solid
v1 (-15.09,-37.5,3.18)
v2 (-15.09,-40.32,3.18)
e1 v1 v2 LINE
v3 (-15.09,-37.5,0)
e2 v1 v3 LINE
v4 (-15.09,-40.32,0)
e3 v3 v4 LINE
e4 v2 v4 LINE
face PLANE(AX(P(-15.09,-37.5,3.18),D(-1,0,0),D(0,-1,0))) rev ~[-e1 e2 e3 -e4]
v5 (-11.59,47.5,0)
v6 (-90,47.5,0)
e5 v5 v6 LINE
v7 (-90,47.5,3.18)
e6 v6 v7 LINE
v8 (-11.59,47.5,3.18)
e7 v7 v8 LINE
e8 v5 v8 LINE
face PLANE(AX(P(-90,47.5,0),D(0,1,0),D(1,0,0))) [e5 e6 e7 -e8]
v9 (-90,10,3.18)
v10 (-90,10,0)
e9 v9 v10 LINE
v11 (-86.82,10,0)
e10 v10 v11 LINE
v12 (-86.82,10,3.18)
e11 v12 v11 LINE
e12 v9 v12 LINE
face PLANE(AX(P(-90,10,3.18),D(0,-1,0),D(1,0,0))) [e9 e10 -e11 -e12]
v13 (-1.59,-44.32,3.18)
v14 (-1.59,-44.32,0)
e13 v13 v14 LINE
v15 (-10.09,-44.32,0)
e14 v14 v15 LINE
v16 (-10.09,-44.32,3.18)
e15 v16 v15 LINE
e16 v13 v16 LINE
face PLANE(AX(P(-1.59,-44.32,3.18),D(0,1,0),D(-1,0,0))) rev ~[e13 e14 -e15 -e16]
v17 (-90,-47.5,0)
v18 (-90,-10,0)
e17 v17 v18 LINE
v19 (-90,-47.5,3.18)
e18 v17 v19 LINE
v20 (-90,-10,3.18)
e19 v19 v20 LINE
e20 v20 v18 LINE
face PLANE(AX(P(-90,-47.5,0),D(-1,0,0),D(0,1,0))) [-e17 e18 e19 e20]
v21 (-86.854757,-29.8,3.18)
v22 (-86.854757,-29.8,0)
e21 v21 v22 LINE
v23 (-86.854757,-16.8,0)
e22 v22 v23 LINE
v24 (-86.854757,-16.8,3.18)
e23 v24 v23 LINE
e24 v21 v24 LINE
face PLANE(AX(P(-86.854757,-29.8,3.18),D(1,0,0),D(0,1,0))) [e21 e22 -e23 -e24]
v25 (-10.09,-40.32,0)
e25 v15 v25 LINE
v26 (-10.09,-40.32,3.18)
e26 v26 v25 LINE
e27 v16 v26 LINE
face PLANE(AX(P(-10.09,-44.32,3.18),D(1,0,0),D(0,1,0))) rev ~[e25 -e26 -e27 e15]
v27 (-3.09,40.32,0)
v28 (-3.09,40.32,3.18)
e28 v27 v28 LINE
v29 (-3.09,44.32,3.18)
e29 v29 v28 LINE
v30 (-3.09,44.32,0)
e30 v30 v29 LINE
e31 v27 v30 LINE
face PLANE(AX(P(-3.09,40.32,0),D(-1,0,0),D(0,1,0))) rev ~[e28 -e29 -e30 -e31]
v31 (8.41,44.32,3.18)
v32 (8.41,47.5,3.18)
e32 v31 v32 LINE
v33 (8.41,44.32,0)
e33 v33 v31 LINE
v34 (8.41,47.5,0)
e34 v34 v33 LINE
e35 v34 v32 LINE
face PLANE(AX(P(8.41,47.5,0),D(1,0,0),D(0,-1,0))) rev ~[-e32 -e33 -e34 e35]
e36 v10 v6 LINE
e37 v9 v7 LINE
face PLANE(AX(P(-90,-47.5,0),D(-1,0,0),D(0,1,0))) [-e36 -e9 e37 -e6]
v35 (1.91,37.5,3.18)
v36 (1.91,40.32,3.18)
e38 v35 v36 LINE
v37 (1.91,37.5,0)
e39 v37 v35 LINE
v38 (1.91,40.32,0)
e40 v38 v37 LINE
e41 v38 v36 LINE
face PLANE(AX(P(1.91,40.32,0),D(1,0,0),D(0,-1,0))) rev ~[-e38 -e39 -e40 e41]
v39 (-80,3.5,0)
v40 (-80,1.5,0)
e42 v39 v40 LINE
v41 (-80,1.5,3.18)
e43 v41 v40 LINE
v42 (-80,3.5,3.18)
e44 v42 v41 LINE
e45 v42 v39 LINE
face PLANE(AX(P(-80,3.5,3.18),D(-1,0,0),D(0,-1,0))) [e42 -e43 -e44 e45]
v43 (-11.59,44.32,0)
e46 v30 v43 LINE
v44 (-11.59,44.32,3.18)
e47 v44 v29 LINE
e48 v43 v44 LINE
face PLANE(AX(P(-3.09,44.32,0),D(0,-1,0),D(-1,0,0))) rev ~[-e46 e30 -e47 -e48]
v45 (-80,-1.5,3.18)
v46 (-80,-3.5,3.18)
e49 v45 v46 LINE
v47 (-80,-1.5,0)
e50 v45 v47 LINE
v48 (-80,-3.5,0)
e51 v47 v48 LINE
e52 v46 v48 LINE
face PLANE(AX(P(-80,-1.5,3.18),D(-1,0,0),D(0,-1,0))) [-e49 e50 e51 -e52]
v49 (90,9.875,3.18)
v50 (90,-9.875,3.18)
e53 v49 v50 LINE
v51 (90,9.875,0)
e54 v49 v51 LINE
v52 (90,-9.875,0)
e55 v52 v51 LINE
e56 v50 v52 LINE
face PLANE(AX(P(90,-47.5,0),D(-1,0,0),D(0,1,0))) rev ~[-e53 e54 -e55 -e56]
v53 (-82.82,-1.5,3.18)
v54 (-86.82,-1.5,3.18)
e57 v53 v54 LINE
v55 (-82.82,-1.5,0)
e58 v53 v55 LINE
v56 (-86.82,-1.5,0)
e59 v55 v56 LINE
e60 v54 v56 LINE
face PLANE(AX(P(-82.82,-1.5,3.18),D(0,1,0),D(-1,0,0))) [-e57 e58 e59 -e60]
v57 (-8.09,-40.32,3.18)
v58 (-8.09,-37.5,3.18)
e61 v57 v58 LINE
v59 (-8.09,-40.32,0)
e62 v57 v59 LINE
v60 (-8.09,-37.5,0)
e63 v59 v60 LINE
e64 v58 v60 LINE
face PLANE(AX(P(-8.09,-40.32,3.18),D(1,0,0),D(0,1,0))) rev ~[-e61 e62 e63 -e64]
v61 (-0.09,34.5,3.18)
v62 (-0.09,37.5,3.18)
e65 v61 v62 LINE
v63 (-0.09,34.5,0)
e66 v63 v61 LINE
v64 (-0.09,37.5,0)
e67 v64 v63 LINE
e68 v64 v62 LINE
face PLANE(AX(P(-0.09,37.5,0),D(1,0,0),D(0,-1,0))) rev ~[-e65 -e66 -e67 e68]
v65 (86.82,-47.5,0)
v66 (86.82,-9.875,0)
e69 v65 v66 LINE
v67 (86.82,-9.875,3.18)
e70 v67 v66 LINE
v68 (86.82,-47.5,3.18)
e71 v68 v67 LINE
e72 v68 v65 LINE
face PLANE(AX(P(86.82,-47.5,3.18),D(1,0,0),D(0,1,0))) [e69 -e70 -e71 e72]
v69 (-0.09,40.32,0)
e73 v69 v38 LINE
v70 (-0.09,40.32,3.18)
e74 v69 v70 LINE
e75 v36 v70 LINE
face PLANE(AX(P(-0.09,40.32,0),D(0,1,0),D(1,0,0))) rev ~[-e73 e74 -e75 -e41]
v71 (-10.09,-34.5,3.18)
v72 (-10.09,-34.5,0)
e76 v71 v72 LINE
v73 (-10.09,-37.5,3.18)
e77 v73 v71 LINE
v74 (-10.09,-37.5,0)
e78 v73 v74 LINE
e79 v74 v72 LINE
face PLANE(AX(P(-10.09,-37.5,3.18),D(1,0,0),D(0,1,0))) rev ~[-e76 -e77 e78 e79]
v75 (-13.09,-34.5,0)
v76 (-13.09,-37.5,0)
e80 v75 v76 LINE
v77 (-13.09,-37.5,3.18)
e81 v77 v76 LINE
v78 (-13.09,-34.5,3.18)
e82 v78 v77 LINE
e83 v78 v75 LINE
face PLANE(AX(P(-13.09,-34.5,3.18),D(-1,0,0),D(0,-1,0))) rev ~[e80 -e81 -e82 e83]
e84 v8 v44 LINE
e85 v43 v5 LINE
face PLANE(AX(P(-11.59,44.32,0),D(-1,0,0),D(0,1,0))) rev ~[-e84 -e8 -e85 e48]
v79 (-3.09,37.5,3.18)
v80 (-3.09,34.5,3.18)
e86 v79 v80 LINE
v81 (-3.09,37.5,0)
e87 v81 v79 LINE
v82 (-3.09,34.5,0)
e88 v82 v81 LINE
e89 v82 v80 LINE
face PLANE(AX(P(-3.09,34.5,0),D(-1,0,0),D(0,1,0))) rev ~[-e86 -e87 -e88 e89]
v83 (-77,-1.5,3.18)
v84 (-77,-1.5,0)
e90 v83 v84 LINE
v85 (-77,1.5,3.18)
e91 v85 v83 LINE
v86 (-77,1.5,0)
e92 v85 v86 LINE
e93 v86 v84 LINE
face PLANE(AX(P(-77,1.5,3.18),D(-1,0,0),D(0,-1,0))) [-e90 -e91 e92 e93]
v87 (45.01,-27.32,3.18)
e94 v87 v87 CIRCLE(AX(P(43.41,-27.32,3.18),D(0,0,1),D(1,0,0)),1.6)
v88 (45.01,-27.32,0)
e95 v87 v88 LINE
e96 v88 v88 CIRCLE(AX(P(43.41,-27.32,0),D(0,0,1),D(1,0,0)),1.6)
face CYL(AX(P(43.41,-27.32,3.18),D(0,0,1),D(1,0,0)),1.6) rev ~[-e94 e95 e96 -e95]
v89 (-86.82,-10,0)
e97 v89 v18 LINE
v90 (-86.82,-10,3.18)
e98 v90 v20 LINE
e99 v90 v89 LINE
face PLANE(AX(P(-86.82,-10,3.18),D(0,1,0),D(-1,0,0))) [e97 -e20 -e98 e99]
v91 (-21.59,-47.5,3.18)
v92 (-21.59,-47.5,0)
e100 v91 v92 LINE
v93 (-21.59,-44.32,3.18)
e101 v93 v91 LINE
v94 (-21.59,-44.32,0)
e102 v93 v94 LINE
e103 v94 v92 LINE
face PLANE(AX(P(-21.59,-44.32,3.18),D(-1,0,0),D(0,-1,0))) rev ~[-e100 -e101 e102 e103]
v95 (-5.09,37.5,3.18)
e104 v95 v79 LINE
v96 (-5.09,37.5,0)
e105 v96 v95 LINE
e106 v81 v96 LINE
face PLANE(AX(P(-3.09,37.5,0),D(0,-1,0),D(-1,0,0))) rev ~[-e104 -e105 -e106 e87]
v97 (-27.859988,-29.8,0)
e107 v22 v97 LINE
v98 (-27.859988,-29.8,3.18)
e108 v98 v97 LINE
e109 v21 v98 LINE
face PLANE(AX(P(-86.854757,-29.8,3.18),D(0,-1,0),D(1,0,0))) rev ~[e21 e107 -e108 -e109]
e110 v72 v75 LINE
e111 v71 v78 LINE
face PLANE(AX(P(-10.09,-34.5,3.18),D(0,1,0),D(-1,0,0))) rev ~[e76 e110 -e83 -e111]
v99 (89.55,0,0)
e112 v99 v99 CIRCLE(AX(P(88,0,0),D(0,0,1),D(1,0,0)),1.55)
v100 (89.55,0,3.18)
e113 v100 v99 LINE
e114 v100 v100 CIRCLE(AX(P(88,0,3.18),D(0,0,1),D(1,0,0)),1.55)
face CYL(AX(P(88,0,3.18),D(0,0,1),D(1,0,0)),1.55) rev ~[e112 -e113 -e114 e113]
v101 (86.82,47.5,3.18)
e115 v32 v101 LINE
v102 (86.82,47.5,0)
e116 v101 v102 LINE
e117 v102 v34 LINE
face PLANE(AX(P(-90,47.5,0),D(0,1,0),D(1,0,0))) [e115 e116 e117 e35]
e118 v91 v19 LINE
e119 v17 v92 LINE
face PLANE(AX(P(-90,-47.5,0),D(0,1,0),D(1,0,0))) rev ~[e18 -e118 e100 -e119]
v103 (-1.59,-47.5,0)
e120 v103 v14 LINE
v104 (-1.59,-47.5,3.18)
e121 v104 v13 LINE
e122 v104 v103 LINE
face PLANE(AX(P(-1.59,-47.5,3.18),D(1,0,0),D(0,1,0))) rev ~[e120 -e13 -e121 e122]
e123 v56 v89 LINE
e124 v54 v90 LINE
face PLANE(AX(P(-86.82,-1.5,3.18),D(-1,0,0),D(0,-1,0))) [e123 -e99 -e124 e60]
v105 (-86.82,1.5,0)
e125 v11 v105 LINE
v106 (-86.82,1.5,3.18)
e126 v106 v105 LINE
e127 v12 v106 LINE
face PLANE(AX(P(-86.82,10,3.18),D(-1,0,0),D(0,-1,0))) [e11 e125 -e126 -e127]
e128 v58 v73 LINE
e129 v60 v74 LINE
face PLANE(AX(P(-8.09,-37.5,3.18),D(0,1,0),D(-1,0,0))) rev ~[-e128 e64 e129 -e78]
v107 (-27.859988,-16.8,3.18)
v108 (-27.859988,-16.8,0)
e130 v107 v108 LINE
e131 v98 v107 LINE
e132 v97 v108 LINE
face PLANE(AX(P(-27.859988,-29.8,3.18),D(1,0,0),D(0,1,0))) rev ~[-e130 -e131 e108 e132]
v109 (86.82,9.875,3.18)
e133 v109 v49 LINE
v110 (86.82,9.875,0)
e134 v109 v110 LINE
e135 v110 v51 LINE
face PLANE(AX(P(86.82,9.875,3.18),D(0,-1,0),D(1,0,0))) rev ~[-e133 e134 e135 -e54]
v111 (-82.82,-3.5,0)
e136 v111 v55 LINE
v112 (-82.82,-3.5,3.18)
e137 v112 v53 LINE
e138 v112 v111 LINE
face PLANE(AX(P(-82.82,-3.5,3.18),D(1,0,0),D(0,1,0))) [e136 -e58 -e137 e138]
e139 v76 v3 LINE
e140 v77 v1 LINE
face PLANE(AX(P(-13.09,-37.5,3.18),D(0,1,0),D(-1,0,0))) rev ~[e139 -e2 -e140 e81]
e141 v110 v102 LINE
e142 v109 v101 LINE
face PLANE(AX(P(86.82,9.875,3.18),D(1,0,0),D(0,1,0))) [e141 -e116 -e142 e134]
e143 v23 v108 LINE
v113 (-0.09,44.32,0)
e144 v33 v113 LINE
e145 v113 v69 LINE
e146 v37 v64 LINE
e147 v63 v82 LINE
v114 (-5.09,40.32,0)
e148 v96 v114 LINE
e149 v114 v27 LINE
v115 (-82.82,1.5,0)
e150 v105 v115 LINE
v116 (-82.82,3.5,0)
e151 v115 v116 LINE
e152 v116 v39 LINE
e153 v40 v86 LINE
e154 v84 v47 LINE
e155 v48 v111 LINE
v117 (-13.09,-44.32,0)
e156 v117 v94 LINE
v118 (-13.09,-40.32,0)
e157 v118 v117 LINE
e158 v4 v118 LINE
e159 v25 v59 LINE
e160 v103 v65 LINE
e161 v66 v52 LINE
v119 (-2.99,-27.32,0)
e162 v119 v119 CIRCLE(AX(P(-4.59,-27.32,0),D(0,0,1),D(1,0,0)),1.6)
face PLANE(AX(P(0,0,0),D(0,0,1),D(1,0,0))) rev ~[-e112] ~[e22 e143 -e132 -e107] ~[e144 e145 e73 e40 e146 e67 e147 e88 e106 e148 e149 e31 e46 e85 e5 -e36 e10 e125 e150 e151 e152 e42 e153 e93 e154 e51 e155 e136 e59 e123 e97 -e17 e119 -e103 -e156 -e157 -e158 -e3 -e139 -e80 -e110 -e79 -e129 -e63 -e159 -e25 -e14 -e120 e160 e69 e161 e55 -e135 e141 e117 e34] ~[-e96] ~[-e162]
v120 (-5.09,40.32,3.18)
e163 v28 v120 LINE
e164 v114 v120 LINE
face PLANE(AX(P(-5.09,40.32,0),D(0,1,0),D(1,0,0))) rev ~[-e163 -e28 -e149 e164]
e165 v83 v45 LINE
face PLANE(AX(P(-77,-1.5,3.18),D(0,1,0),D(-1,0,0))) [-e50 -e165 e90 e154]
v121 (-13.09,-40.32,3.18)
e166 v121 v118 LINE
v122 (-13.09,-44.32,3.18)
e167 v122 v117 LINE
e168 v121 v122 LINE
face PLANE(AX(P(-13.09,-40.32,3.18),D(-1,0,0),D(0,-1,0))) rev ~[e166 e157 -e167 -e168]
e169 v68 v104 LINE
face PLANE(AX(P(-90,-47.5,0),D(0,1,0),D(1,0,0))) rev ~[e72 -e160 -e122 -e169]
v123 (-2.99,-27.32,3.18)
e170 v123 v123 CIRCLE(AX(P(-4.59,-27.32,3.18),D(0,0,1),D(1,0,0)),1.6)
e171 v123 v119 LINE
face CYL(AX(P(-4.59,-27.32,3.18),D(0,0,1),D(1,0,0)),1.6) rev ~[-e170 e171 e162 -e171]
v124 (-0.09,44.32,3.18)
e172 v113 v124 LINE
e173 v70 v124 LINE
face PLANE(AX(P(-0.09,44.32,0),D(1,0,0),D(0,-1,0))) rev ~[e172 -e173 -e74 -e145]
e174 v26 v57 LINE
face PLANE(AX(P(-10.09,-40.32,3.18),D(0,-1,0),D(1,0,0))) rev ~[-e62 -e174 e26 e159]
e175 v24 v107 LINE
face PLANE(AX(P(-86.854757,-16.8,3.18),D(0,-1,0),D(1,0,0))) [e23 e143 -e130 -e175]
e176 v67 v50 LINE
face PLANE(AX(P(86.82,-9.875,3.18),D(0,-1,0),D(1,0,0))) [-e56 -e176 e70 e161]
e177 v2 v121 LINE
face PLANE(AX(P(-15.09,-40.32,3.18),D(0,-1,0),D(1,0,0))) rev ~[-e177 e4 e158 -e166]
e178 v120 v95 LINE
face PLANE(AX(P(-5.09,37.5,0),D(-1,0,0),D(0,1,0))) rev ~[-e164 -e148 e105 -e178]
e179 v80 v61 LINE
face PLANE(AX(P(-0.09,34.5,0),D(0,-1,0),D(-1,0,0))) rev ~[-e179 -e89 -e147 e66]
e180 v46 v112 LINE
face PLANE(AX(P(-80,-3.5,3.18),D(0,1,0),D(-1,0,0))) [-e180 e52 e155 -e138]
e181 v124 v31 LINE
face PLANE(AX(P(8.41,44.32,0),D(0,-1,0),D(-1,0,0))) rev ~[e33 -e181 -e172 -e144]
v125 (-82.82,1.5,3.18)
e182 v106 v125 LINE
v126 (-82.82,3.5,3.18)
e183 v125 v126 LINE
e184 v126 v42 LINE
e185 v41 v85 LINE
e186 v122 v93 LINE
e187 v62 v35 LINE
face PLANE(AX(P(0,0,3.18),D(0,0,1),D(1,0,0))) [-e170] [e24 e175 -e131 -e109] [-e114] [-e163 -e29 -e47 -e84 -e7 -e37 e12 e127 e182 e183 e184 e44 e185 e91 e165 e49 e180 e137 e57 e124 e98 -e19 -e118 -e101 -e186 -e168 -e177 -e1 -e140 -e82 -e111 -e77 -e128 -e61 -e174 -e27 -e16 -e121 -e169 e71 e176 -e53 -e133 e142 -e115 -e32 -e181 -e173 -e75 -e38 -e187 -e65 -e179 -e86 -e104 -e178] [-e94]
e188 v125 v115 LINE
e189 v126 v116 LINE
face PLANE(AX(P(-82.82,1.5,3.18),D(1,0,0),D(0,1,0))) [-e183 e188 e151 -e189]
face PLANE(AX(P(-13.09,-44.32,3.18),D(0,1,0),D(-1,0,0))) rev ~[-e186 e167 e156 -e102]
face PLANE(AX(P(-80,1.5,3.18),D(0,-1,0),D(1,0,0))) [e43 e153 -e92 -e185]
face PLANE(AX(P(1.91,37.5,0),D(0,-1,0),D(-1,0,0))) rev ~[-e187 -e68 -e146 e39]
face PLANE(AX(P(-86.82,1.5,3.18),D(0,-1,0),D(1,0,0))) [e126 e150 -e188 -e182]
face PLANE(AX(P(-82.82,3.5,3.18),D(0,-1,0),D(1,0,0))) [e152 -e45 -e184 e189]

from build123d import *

# Parameters (mm, degrees)
SKETCH1_W               = 180
SKETCH1_H               = 95
BOSS_EXTRUDE1_DEPTH     = 3.18
SKETCH2_W               = 3.18
SKETCH2_H               = 37.625
CUT_EXTRUDE1_DEPTH      = 1
CUT_EXTRUDE1_DEPTH_BACK = 4.18
SKETCH3_R               = 1.55
CUT_EXTRUDE2_DEPTH      = 1
CUT_EXTRUDE2_DEPTH_BACK = 4.18
CUT_EXTRUDE3_DEPTH      = 1
CUT_EXTRUDE3_DEPTH_BACK = 4.18
CUT_EXTRUDE4_DEPTH      = 1
CUT_EXTRUDE4_DEPTH_BACK = 4.18
CUT_EXTRUDE5_DEPTH      = 1
CUT_EXTRUDE5_DEPTH_BACK = 4.18
SKETCH8_W               = 58.994769075
SKETCH8_H               = 13
CUT_EXTRUDE6_DEPTH      = 1
CUT_EXTRUDE6_DEPTH_BACK = 4.18
SKETCH9_R               = 1.6
CUT_EXTRUDE7_DEPTH      = 1
CUT_EXTRUDE7_DEPTH_BACK = 4.18


with BuildPart() as part:
    # Sketch1 → Boss-Extrude1 (new body)
    with BuildSketch(Plane.XY):
        Rectangle(SKETCH1_W, SKETCH1_H)
    extrude(amount=BOSS_EXTRUDE1_DEPTH)

    # Sketch2 → Cut-Extrude1 (cut, two sides)
    with BuildSketch(Plane.XY.offset(3.18)) as cut_extrude1_sk:
        with Locations((88.41, 28.6875)):
            Rectangle(SKETCH2_W, SKETCH2_H)
        with Locations((88.41, -28.6875)):
            Rectangle(SKETCH2_W, SKETCH2_H)
    extrude(amount=CUT_EXTRUDE1_DEPTH, mode=Mode.SUBTRACT)
    extrude(cut_extrude1_sk.sketch, amount=-CUT_EXTRUDE1_DEPTH_BACK, mode=Mode.SUBTRACT)

    # Sketch3 → Cut-Extrude2 (cut, two sides)
    with BuildSketch(Plane.XY.offset(3.18)) as cut_extrude2_sk:
        with Locations((88, 0)):
            Circle(SKETCH3_R)
    extrude(amount=CUT_EXTRUDE2_DEPTH, mode=Mode.SUBTRACT)
    extrude(cut_extrude2_sk.sketch, amount=-CUT_EXTRUDE2_DEPTH_BACK, mode=Mode.SUBTRACT)

    # Sketch5 → Cut-Extrude3 (cut, two sides)
    with BuildSketch(Plane(origin=(0, 0, 0), x_dir=(-1, 0, 0), z_dir=(0, 0, -1))) as cut_extrude3_sk:
        Polygon((11.59, 47.5), (-8.41, 47.5), (-8.41, 44.32), (0.09, 44.32), (0.09, 40.32), (-1.91, 40.32), (-1.91, 37.5), (0.09, 37.5), (0.09, 34.5), (3.09, 34.5), (3.09, 37.5), (5.09, 37.5), (5.09, 40.32), (3.09, 40.32), (3.09, 44.32), (11.59, 44.32), align=None)
    extrude(amount=CUT_EXTRUDE3_DEPTH, mode=Mode.SUBTRACT)
    extrude(cut_extrude3_sk.sketch, amount=-CUT_EXTRUDE3_DEPTH_BACK, mode=Mode.SUBTRACT)

    # Sketch6 → Cut-Extrude4 (cut, two sides)
    with BuildSketch(Plane.XY.offset(3.18)) as cut_extrude4_sk:
        Polygon((-21.59, -47.5), (-1.59, -47.5), (-1.59, -44.32), (-10.09, -44.32), (-10.09, -40.32), (-8.09, -40.32), (-8.09, -37.5), (-10.09, -37.5), (-10.09, -34.5), (-13.09, -34.5), (-13.09, -37.5), (-15.09, -37.5), (-15.09, -40.32), (-13.09, -40.32), (-13.09, -44.32), (-21.59, -44.32), align=None)
    extrude(amount=CUT_EXTRUDE4_DEPTH, mode=Mode.SUBTRACT)
    extrude(cut_extrude4_sk.sketch, amount=-CUT_EXTRUDE4_DEPTH_BACK, mode=Mode.SUBTRACT)

    # Sketch7 → Cut-Extrude5 (cut, two sides)
    with BuildSketch(Plane.XY.offset(3.18)) as cut_extrude5_sk:
        Polygon((-90, 10), (-86.82, 10), (-86.82, 1.5), (-82.82, 1.5), (-82.82, 3.5), (-80, 3.5), (-80, 1.5), (-77, 1.5), (-77, -1.5), (-80, -1.5), (-80, -3.5), (-82.82, -3.5), (-82.82, -1.5), (-86.82, -1.5), (-86.82, -10), (-90, -10), align=None)
    extrude(amount=CUT_EXTRUDE5_DEPTH, mode=Mode.SUBTRACT)
    extrude(cut_extrude5_sk.sketch, amount=-CUT_EXTRUDE5_DEPTH_BACK, mode=Mode.SUBTRACT)

    # Sketch8 → Cut-Extrude6 (cut, two sides)
    with BuildSketch(Plane.XY.offset(3.18)) as cut_extrude6_sk:
        with Locations((-57.357372864, -23.3)):
            Rectangle(SKETCH8_W, SKETCH8_H)
    extrude(amount=CUT_EXTRUDE6_DEPTH, mode=Mode.SUBTRACT)
    extrude(cut_extrude6_sk.sketch, amount=-CUT_EXTRUDE6_DEPTH_BACK, mode=Mode.SUBTRACT)

    # Sketch9 → Cut-Extrude7 (cut, two sides)
    with BuildSketch(Plane.XY.offset(3.18)) as cut_extrude7_sk:
        with Locations((-4.59, -27.32)):
            Circle(SKETCH9_R)
        with Locations((43.41, -27.32)):
            Circle(SKETCH9_R)
    extrude(amount=CUT_EXTRUDE7_DEPTH, mode=Mode.SUBTRACT)
    extrude(cut_extrude7_sk.sketch, amount=-CUT_EXTRUDE7_DEPTH_BACK, mode=Mode.SUBTRACT)


solid = part.part
